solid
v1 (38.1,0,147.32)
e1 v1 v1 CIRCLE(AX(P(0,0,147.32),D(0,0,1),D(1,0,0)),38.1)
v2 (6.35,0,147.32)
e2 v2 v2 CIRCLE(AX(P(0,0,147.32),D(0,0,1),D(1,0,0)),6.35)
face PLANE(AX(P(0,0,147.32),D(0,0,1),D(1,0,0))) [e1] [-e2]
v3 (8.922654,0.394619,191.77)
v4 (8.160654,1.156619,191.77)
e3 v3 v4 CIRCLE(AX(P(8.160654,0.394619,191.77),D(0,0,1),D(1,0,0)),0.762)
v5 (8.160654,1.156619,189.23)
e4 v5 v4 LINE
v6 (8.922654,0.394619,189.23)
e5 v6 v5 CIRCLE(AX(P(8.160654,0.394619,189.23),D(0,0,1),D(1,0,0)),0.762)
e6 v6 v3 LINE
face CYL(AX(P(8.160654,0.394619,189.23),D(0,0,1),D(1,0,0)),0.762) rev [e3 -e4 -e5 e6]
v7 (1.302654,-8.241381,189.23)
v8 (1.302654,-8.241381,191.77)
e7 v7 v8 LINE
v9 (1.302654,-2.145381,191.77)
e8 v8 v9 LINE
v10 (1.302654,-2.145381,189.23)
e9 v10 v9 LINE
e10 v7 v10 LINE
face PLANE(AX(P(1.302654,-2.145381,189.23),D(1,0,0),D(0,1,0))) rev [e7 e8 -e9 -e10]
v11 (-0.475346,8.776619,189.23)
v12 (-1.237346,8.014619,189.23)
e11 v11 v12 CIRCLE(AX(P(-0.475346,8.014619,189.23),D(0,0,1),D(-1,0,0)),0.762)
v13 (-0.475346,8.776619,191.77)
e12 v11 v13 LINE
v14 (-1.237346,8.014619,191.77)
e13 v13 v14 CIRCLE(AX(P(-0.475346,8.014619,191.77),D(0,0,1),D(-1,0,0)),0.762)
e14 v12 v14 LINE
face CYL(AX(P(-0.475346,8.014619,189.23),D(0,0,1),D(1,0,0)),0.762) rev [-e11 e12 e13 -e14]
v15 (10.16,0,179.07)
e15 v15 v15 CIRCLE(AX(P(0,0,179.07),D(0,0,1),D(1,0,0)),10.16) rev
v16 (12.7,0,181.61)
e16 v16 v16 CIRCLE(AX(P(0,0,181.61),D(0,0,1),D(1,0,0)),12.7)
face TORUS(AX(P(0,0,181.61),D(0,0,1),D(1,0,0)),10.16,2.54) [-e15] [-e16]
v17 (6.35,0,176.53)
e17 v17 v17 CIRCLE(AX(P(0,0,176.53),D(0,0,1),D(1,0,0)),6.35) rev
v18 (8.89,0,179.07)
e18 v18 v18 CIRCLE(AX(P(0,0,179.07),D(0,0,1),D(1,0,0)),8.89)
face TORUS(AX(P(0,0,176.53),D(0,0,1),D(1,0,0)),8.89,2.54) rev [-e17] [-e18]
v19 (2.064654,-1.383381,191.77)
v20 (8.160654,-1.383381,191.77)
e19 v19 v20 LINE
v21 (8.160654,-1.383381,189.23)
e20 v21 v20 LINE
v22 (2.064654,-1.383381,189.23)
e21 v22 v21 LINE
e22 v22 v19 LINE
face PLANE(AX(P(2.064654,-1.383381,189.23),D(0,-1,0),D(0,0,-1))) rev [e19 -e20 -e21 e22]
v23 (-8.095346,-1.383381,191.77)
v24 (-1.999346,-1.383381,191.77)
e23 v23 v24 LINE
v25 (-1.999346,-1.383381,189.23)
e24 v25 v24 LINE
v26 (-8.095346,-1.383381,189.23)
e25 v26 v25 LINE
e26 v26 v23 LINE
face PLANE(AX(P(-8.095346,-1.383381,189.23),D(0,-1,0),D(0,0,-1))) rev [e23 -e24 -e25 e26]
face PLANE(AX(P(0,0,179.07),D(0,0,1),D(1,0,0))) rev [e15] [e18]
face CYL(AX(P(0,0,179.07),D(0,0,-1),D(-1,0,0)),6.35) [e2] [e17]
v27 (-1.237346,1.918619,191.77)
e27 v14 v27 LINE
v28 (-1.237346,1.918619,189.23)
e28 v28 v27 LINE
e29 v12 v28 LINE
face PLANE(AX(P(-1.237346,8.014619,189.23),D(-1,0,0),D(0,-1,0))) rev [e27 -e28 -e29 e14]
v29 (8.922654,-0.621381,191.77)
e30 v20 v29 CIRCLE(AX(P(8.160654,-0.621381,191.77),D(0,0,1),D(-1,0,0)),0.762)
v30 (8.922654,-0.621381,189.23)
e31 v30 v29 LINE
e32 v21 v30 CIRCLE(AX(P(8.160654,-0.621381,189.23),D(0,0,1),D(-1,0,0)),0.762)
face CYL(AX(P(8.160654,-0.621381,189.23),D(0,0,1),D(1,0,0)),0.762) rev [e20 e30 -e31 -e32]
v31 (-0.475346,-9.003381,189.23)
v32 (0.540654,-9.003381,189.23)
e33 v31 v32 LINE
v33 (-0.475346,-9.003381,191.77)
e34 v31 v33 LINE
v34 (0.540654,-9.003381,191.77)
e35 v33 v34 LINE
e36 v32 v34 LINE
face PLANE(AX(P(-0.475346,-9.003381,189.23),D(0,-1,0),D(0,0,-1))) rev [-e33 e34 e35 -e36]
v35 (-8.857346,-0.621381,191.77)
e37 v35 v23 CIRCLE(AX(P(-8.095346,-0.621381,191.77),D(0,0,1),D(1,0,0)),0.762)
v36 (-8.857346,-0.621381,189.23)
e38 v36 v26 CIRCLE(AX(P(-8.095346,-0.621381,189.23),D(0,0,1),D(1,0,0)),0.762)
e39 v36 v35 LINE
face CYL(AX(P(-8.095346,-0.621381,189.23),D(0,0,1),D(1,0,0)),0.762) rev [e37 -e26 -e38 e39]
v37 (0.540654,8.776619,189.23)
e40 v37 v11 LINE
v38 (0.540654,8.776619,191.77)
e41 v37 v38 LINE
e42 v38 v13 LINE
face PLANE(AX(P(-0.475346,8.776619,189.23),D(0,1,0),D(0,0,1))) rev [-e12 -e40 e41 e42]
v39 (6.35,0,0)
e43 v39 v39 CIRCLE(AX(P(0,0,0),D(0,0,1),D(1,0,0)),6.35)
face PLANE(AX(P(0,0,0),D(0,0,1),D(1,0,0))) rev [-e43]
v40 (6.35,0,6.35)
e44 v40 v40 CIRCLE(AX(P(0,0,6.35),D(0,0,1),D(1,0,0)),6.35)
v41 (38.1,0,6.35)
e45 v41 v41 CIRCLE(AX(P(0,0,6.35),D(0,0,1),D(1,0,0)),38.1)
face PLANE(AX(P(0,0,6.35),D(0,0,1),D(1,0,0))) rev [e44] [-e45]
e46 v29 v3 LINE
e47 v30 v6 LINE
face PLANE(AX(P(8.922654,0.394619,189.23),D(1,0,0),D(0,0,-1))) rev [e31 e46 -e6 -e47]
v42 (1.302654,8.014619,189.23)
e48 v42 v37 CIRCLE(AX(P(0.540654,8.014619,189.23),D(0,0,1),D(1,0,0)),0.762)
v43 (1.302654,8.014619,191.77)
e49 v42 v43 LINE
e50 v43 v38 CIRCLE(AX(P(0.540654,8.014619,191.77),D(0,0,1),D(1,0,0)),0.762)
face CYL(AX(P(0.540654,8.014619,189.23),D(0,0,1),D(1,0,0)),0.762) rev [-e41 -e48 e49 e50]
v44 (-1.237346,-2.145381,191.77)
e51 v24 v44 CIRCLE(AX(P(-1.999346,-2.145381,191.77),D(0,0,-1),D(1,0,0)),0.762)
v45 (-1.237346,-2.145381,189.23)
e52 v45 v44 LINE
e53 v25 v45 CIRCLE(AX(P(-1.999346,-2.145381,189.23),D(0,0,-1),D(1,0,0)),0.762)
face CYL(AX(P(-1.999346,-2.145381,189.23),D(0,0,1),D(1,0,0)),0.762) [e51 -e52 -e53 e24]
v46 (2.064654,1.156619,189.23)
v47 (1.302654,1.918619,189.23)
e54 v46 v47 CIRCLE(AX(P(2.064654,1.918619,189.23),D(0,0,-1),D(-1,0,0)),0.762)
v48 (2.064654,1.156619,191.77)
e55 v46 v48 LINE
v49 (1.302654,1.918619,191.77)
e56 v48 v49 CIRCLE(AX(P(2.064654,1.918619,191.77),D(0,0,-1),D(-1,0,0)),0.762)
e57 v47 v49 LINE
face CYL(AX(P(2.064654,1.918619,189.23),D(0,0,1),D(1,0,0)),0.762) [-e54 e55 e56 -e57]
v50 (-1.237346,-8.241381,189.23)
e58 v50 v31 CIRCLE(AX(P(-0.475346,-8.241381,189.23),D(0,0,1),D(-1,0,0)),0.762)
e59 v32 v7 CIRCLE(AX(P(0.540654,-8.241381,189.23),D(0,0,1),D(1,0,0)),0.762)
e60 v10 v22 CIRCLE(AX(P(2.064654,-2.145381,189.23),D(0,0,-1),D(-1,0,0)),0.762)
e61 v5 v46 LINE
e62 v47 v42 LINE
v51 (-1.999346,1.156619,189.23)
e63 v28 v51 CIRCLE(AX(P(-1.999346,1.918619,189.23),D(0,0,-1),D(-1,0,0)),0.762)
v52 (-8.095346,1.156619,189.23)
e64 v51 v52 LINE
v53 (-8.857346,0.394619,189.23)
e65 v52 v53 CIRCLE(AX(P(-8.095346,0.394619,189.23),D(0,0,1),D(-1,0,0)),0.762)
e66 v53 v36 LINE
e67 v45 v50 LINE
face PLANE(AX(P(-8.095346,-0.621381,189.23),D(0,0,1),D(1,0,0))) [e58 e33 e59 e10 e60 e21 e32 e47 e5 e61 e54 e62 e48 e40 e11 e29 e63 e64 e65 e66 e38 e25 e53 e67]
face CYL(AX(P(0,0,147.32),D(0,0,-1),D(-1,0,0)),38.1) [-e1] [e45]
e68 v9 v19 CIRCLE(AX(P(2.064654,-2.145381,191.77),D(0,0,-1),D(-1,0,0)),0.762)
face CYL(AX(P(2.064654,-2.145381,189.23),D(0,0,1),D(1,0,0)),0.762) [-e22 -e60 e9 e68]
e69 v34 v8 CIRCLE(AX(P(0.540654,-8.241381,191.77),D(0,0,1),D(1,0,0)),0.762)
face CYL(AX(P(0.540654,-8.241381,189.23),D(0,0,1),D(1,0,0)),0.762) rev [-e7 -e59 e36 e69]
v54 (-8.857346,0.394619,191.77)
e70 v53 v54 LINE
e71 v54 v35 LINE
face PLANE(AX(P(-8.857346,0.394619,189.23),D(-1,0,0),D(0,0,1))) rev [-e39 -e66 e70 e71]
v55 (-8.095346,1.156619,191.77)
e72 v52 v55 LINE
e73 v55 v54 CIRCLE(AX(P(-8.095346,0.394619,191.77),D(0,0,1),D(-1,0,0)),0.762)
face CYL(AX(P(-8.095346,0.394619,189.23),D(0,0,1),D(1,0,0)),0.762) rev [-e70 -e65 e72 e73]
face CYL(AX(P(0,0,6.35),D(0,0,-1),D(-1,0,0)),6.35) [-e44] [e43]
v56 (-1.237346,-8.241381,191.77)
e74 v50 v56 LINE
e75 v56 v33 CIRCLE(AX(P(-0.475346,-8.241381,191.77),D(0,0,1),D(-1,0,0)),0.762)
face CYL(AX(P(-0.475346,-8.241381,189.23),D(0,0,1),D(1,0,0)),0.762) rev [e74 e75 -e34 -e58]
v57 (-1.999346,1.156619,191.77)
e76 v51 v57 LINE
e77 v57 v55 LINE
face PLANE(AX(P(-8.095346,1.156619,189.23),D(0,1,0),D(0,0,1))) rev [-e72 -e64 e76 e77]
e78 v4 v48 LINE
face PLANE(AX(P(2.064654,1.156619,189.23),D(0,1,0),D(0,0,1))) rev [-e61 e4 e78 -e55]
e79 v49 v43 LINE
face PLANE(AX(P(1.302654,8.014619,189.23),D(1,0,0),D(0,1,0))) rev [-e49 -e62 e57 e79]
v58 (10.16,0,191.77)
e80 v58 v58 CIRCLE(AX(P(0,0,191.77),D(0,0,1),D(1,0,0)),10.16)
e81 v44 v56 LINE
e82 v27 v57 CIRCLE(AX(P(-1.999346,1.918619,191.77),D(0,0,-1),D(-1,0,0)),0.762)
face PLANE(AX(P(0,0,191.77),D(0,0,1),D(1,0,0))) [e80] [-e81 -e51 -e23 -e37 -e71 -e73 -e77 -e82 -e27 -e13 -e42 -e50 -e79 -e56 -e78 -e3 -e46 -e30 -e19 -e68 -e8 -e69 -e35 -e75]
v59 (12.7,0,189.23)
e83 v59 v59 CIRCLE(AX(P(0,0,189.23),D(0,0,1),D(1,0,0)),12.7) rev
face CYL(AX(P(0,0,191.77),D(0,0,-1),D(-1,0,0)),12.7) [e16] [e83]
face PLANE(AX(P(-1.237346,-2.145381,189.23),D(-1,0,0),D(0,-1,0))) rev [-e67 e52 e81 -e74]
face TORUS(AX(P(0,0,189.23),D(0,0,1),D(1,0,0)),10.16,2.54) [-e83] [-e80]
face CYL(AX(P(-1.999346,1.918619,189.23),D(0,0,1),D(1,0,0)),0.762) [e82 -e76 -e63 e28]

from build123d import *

# Parameters (mm, degrees)
SKETCH1_R           = 6.35
BOSS_EXTRUDE1_DEPTH = 6.35
SKETCH2_R           = 38.1
BOSS_EXTRUDE2_DEPTH = 140.97
SKETCH3_R           = 6.35
BOSS_EXTRUDE3_DEPTH = 31.75
SKETCH4_R           = 12.7
BOSS_EXTRUDE4_DEPTH = 12.7
FILLET1_R           = 2.54
CUT_EXTRUDE1_DEPTH  = 2.54


with BuildPart() as part:
    # Sketch1 → Boss-Extrude1 (new body)
    with BuildSketch(Plane.XY):
        Circle(SKETCH1_R)
    extrude(amount=BOSS_EXTRUDE1_DEPTH)

    # Sketch2 → Boss-Extrude2 (add)
    with BuildSketch(Plane.XY.offset(6.35)):
        Circle(SKETCH2_R)
    extrude(amount=BOSS_EXTRUDE2_DEPTH)

    # Sketch3 → Boss-Extrude3 (add)
    with BuildSketch(Plane.XY.offset(147.32)):
        Circle(SKETCH3_R)
    extrude(amount=BOSS_EXTRUDE3_DEPTH)

    # Sketch4 → Boss-Extrude4 (add)
    with BuildSketch(Plane.XY.offset(179.07)):
        Circle(SKETCH4_R)
    extrude(amount=BOSS_EXTRUDE4_DEPTH)

    # Fillet1
    fillet1_edges = [part.edges().sort_by_distance(p)[0] for p in [
        (-6.35, 0, 179.07),
        (-12.7, 0, 179.07),
        (-12.7, 0, 191.77),
    ]]
    fillet(fillet1_edges, radius=FILLET1_R)

    # Sketch5 → Cut-Extrude1 (cut)
    with BuildSketch(Plane.XY.offset(191.77)):
        with BuildLine():
            Line((-0.475346185, 8.776619382), (0.540653815, 8.776619382))
            ThreePointArc((0.540653815, 8.776619382), (1.079469182, 8.55343475), (1.302653815, 8.014619382))
            Line((1.302653815, 8.014619382), (1.302653815, 1.918619382))
            ThreePointArc((1.302653815, 1.918619382), (1.525838448, 1.379804015), (2.064653815, 1.156619382))
            Line((2.064653815, 1.156619382), (8.160653815, 1.156619382))
            ThreePointArc((8.160653815, 1.156619382), (8.699469182, 0.93343475), (8.922653815, 0.394619382))
            Line((8.922653815, 0.394619382), (8.922653815, -0.621380618))
            ThreePointArc((8.922653815, -0.621380618), (8.699469182, -1.160195985), (8.160653815, -1.383380618))
            Line((8.160653815, -1.383380618), (2.064653815, -1.383380618))
            ThreePointArc((2.064653815, -1.383380618), (1.525838448, -1.60656525), (1.302653815, -2.145380618))
            Line((1.302653815, -2.145380618), (1.302653815, -8.241380618))
            ThreePointArc((1.302653815, -8.241380618), (1.079469182, -8.780195985), (0.540653815, -9.003380618))
            Line((0.540653815, -9.003380618), (-0.475346185, -9.003380618))
            ThreePointArc((-0.475346185, -9.003380618), (-1.014161552, -8.780195985), (-1.237346185, -8.241380618))
            Line((-1.237346185, -8.241380618), (-1.237346185, -2.145380618))
            ThreePointArc((-1.237346185, -2.145380618), (-1.460530818, -1.60656525), (-1.999346185, -1.383380618))
            Line((-1.999346185, -1.383380618), (-8.095346185, -1.383380618))
            ThreePointArc((-8.095346185, -1.383380618), (-8.634161552, -1.160195985), (-8.857346185, -0.621380618))
            Line((-8.857346185, -0.621380618), (-8.857346185, 0.394619382))
            ThreePointArc((-8.857346185, 0.394619382), (-8.634161552, 0.93343475), (-8.095346185, 1.156619382))
            Line((-8.095346185, 1.156619382), (-1.999346185, 1.156619382))
            ThreePointArc((-1.999346185, 1.156619382), (-1.460530818, 1.379804015), (-1.237346185, 1.918619382))
            Line((-1.237346185, 1.918619382), (-1.237346185, 8.014619382))
            ThreePointArc((-1.237346185, 8.014619382), (-1.014161552, 8.55343475), (-0.475346185, 8.776619382))
        make_face()
    extrude(amount=-CUT_EXTRUDE1_DEPTH, mode=Mode.SUBTRACT)


solid = part.part
